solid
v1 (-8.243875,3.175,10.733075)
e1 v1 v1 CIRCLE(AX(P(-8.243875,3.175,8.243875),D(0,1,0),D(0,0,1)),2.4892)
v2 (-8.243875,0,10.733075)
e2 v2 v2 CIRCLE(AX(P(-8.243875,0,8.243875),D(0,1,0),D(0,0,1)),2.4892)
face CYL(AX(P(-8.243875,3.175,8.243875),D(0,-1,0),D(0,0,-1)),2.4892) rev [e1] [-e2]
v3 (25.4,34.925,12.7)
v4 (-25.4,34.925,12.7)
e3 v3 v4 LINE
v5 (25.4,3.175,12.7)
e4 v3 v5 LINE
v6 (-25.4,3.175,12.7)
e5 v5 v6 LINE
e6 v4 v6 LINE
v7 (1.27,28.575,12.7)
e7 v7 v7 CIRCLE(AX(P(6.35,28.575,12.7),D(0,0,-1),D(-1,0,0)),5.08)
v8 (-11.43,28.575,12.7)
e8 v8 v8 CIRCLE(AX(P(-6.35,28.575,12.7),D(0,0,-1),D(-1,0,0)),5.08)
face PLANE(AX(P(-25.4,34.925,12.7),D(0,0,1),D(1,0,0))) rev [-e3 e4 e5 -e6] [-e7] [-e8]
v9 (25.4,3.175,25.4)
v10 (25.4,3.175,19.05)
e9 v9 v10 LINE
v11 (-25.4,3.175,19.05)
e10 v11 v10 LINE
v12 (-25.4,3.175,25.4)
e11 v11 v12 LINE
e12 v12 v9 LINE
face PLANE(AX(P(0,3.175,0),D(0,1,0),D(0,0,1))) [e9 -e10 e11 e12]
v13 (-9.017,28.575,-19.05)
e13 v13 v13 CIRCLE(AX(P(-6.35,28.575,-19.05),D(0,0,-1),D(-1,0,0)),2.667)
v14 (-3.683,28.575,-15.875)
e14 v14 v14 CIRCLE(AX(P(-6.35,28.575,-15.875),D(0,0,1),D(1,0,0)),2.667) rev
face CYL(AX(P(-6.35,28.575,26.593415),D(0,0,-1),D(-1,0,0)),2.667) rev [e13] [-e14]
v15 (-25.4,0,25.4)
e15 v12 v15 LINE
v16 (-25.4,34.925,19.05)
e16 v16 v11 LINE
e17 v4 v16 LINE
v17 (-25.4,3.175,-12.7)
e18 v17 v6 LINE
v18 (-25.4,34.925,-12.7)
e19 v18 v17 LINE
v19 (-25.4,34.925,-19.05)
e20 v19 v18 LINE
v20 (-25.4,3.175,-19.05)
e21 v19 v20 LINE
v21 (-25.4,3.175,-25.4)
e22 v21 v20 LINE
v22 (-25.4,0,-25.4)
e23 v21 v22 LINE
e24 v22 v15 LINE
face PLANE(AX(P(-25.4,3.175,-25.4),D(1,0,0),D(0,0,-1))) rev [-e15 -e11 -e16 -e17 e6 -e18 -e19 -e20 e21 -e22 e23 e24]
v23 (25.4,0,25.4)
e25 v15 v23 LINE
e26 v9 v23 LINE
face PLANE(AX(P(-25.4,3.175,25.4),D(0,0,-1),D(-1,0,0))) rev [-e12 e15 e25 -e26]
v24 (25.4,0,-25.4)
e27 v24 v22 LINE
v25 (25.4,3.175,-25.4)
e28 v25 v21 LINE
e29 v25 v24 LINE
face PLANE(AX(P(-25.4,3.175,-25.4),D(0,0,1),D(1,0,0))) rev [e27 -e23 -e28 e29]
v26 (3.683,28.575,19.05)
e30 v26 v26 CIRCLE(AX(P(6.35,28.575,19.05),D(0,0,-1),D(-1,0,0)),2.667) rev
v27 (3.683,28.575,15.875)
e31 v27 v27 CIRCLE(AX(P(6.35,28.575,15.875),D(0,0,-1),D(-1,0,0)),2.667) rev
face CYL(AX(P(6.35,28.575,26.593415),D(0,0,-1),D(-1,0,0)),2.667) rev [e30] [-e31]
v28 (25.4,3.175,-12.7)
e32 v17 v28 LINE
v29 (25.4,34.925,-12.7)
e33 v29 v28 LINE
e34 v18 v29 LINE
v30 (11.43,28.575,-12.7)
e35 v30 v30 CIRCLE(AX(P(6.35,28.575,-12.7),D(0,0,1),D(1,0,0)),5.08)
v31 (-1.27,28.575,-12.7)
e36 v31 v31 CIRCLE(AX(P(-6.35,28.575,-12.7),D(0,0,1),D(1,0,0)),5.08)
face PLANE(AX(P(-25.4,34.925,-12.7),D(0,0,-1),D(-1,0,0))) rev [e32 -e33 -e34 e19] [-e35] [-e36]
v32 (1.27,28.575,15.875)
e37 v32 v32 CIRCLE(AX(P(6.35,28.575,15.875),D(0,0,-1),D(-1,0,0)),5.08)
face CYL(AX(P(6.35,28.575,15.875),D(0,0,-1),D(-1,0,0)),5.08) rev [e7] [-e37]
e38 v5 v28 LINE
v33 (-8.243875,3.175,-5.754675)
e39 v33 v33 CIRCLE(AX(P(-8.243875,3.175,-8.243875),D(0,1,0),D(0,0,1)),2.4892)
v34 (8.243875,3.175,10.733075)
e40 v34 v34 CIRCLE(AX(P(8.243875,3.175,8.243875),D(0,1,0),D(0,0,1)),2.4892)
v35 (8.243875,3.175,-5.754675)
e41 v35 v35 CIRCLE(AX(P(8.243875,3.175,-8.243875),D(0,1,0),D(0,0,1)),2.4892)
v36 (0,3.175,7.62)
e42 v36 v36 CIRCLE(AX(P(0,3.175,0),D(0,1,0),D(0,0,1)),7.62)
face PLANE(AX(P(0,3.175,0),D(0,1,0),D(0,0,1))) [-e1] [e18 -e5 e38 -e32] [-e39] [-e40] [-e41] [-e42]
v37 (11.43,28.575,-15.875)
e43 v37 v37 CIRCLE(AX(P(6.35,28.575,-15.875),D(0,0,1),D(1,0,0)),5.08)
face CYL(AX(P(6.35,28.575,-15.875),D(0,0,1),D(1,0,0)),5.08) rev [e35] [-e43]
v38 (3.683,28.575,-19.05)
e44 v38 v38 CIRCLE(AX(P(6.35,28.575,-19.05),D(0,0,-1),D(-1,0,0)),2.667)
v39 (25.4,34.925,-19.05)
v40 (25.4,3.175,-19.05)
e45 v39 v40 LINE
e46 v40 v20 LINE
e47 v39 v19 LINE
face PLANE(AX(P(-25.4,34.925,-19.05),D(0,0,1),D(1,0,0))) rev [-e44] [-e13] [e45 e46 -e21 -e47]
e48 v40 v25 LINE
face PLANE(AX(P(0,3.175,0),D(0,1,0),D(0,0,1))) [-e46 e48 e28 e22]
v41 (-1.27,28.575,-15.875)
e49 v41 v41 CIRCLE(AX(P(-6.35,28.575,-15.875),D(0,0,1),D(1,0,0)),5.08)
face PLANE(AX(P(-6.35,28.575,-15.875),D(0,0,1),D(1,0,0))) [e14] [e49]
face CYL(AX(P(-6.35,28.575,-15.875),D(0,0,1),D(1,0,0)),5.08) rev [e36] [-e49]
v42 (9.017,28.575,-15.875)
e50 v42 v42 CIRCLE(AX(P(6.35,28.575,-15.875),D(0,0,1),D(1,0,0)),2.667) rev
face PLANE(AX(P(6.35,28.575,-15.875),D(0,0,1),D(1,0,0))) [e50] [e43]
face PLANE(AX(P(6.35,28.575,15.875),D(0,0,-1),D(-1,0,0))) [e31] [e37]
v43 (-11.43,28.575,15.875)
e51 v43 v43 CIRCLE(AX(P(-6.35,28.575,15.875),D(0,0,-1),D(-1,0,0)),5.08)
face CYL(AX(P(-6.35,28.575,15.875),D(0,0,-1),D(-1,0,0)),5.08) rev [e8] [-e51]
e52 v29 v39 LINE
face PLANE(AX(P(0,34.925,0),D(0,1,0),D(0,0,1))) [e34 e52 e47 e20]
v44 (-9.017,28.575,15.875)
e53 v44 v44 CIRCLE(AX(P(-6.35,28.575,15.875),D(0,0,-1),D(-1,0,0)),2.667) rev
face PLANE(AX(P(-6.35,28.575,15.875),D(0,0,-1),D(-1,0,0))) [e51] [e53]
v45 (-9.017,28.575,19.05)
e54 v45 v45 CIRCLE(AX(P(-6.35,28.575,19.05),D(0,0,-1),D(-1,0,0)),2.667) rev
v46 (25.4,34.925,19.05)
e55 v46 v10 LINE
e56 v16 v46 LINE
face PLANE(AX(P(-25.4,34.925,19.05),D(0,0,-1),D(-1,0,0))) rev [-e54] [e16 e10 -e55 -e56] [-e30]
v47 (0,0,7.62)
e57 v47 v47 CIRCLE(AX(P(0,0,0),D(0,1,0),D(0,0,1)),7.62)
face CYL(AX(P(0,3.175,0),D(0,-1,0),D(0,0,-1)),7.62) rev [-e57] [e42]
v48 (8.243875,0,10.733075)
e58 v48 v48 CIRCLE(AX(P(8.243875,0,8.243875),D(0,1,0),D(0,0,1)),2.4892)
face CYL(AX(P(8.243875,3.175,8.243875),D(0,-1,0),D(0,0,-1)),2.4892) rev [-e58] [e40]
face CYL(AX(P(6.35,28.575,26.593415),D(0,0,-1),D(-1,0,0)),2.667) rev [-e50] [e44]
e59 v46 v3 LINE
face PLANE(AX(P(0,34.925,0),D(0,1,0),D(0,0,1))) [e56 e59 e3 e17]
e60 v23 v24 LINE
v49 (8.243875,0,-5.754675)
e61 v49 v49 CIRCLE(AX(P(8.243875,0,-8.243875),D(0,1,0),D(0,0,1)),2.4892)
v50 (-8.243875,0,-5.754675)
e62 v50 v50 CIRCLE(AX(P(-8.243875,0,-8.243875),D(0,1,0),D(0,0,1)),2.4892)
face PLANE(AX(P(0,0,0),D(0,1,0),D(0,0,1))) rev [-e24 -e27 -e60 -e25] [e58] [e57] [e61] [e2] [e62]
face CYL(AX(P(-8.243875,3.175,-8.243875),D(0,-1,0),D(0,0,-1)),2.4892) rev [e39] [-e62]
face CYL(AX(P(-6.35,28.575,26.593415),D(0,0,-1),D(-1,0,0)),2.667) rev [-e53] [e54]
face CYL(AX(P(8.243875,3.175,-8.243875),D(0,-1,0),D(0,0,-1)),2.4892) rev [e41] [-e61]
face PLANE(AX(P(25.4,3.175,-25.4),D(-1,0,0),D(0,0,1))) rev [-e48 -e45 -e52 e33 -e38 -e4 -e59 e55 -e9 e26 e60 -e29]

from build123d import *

# Parameters (mm, degrees)
SKETCH1_W           = 50.8
SKETCH1_H           = 50.8
SKETCH1_R           = 2.4892
SKETCH1_R_2         = 7.62
BOSS_EXTRUDE1_DEPTH = 3.175
SKETCH2_W           = 50.8
SKETCH2_H           = 6.35
BOSS_EXTRUDE2_DEPTH = 31.75
CUT_EXTRUDE1_REACH  = 63.974
SKETCH3_R           = 2.667
SKETCH5_R           = 5.08
CUT_EXTRUDE2_DEPTH  = 3.175
CUT_EXTRUDE3_START  = -3.175
SKETCH6_R           = 5.08
CUT_EXTRUDE3_DEPTH  = 3.175


with BuildPart() as part:
    # Sketch1 → Boss-Extrude1 (new body)
    with BuildSketch(Plane(origin=(0, 0, 0), x_dir=(1, 0, 0), z_dir=(0, 1, 0))):
        Rectangle(SKETCH1_W, SKETCH1_H)
        with Locations(Location((-8.243875119, 8.243875119, 0), (0, 0, 270))):
            Circle(SKETCH1_R, mode=Mode.SUBTRACT)
        with Locations(Location((8.243875119, 8.243875119, 0), (0, 0, 270))):
            Circle(SKETCH1_R, mode=Mode.SUBTRACT)
        with Locations(Location((8.243875119, -8.243875119, 0), (0, 0, 270))):
            Circle(SKETCH1_R, mode=Mode.SUBTRACT)
        with Locations(Location((-8.243875119, -8.243875119, 0), (0, 0, 270))):
            Circle(SKETCH1_R, mode=Mode.SUBTRACT)
        with Locations(Location((0, 0, 0), (0, 0, 270))):
            Circle(SKETCH1_R_2, mode=Mode.SUBTRACT)
    extrude(amount=BOSS_EXTRUDE1_DEPTH)

    # Sketch2 → Boss-Extrude2 (add)
    with BuildSketch(Plane(origin=(0, 3.175, 0), x_dir=(1, 0, 0), z_dir=(0, 1, 0))):
        with Locations((0, 15.875)):
            Rectangle(SKETCH2_W, SKETCH2_H)
        with Locations((0, -15.875)):
            Rectangle(SKETCH2_W, SKETCH2_H)
    extrude(amount=BOSS_EXTRUDE2_DEPTH)

    # Cut-Extrude1: up to this face of the body (flat: up to its plane)
    cut_extrude1_end = Plane(part.part.faces().sort_by_distance((0, 19.05, 19.05))[0])
    # Sketch3 → Cut-Extrude1 (cut, up to the picked face)
    with BuildSketch(Plane(origin=(0, 0, -19.05), x_dir=(-1, 0, 0), z_dir=(0, 0, -1)), mode=Mode.PRIVATE) as cut_extrude1_sk1:
        with Locations((-6.35, 28.575)):
            Circle(SKETCH3_R)
    cut_extrude1_tool1 = split(extrude(cut_extrude1_sk1.sketch, amount=-CUT_EXTRUDE1_REACH, mode=Mode.PRIVATE), bisect_by=cut_extrude1_end, keep=Keep.BOTH, mode=Mode.PRIVATE)
    # Sketch3 → Cut-Extrude1 (cut, up to the picked face)
    with BuildSketch(Plane(origin=(0, 0, -19.05), x_dir=(-1, 0, 0), z_dir=(0, 0, -1)), mode=Mode.PRIVATE) as cut_extrude1_sk2:
        with Locations((6.35, 28.575)):
            Circle(SKETCH3_R)
    cut_extrude1_tool2 = split(extrude(cut_extrude1_sk2.sketch, amount=-CUT_EXTRUDE1_REACH, mode=Mode.PRIVATE), bisect_by=cut_extrude1_end, keep=Keep.BOTH, mode=Mode.PRIVATE)
    add(cut_extrude1_tool1.solids().sort_by(Axis((6.35, 28.575, -19.05), (0, 0, 1)))[0], mode=Mode.SUBTRACT)
    add(cut_extrude1_tool2.solids().sort_by(Axis((-6.35, 28.575, -19.05), (0, 0, 1)))[0], mode=Mode.SUBTRACT)

    # Sketch5 → Cut-Extrude2 (cut)
    with BuildSketch(Plane.XY.offset(-12.7)):
        with Locations((-6.35, 28.575)):
            Circle(SKETCH5_R)
        with Locations((6.35, 28.575)):
            Circle(SKETCH5_R)
    extrude(amount=-CUT_EXTRUDE2_DEPTH, mode=Mode.SUBTRACT)

    # Sketch6 → Cut-Extrude3 (cut)
    with BuildSketch(Plane(origin=(0, 0, 12.7), x_dir=(-1, 0, 0), z_dir=(0, 0, -1)).offset(CUT_EXTRUDE3_START)):
        with Locations(Location((-6.35, 28.575, 0), (0, 0, 180))):
            Circle(SKETCH6_R)
        with Locations(Location((6.35, 28.575, 0), (0, 0, 180))):
            Circle(SKETCH6_R)
    extrude(amount=CUT_EXTRUDE3_DEPTH, mode=Mode.SUBTRACT)


solid = part.part
